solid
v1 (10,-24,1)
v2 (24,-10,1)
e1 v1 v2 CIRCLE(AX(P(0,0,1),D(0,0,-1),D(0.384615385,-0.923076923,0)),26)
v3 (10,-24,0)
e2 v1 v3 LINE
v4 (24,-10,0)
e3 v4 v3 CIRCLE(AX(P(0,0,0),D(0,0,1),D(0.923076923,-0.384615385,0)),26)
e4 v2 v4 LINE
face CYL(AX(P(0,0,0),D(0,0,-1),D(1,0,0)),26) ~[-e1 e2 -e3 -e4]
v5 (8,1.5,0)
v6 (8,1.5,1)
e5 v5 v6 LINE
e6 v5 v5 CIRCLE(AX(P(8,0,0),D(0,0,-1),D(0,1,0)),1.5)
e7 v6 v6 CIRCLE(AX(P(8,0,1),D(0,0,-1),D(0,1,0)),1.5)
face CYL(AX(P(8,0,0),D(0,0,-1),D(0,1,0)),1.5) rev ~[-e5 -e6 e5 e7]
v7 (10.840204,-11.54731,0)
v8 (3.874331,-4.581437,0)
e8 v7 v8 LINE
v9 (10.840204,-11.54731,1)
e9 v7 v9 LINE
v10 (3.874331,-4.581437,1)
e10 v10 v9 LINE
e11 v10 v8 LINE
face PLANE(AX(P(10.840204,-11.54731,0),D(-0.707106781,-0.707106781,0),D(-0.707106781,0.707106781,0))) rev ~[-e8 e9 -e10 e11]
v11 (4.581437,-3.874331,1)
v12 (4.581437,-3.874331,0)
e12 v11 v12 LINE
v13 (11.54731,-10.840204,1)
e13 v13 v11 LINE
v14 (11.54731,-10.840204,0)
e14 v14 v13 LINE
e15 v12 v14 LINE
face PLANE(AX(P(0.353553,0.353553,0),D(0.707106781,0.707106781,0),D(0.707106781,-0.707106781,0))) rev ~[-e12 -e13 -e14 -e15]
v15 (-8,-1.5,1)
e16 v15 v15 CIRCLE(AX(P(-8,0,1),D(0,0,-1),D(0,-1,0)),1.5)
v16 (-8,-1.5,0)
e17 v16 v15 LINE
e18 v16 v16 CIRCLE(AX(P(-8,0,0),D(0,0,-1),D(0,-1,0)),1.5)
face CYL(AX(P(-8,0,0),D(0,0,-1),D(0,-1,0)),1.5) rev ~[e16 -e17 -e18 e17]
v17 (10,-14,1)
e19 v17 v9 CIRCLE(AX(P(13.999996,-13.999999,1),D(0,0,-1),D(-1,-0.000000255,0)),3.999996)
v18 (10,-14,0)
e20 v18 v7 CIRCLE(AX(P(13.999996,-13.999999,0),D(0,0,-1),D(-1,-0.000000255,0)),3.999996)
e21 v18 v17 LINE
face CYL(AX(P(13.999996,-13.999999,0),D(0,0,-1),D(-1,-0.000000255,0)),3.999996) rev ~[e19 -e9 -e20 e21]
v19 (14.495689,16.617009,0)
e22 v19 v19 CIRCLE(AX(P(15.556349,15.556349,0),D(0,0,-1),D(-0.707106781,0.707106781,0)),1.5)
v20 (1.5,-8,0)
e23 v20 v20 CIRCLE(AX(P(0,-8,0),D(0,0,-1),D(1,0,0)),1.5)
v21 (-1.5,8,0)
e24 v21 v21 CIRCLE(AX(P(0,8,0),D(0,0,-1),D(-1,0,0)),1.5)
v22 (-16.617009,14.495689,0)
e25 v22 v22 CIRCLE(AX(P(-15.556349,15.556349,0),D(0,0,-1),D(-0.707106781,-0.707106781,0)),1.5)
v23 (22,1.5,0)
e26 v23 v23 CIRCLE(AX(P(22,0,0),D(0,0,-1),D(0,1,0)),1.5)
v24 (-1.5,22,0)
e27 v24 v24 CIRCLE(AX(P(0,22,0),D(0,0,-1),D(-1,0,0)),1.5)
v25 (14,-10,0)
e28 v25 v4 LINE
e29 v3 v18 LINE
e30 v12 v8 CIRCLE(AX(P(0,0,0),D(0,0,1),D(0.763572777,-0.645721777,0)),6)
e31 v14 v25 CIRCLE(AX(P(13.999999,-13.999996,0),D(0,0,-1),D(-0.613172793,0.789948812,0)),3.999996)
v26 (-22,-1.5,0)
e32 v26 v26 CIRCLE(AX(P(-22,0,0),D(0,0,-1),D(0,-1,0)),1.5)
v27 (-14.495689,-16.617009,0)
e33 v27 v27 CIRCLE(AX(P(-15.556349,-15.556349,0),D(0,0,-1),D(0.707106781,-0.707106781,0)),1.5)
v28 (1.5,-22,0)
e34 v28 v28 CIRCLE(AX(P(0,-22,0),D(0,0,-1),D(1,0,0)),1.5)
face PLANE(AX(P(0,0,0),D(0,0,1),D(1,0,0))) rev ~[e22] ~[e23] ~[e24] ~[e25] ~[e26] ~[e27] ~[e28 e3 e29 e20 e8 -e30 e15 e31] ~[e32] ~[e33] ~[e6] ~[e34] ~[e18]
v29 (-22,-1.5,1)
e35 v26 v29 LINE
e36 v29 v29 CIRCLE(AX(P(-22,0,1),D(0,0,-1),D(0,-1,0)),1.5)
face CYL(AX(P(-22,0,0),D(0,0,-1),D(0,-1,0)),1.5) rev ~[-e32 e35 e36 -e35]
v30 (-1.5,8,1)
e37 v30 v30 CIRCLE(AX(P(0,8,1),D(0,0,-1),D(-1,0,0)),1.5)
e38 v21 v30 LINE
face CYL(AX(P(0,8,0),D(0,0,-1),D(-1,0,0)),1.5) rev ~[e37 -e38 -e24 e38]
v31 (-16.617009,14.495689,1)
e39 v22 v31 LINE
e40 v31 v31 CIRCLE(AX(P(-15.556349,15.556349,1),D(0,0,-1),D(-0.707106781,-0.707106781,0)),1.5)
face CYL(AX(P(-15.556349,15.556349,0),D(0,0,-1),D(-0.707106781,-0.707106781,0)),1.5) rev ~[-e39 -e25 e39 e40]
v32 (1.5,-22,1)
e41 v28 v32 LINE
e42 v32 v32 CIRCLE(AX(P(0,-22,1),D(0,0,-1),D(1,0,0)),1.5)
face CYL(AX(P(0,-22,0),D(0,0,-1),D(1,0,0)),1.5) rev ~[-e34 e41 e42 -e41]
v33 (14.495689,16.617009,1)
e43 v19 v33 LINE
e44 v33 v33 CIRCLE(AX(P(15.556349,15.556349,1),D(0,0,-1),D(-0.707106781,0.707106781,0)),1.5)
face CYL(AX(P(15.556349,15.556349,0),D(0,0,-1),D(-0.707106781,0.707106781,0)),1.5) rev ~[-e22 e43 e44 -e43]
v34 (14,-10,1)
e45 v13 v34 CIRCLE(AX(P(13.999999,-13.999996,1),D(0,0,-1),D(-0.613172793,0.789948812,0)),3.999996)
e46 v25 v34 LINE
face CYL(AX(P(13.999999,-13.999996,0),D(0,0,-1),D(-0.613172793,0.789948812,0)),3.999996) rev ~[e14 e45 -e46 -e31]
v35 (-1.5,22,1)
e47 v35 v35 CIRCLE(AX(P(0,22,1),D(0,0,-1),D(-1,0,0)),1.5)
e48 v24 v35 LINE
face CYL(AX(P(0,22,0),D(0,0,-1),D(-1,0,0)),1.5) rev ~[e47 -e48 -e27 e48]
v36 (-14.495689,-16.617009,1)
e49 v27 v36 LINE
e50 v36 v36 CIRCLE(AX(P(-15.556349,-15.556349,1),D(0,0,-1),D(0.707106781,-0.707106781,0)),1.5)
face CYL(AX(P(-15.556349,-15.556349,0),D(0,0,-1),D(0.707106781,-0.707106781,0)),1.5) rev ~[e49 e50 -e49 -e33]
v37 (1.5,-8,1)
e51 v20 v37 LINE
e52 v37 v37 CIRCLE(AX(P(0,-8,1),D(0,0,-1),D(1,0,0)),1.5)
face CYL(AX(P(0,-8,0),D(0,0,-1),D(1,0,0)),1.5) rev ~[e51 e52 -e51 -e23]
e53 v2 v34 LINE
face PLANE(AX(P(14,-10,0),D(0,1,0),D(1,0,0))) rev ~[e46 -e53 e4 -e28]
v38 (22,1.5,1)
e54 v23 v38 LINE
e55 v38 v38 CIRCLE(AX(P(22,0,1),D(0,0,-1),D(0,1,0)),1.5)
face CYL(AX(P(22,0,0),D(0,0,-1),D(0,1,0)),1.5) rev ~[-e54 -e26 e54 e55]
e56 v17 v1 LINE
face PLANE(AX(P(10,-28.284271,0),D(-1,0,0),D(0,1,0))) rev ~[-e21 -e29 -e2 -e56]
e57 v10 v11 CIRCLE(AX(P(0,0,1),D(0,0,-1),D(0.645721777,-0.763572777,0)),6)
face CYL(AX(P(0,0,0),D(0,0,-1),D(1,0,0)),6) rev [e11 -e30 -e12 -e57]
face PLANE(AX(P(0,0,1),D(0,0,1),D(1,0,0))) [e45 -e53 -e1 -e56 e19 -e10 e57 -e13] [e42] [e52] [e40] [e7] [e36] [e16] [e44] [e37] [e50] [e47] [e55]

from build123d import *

# Parameters (mm, degrees)
SKETCH_R              = 26
SKETCH_R_2            = 6
PAD_DEPTH             = 1
SKETCH001_R           = 1.5
POCKET_DEPTH          = 148.092808
POLARPATTERN_COUNT    = 4
SKETCH002_R           = 1.5
POCKET001_DEPTH       = 148.092808
POLARPATTERN001_COUNT = 7
POLARPATTERN001_ANGLE = 270
POCKET002_DEPTH       = 1.001


with BuildPart() as part:
    # Sketch → Pad (new body)
    with BuildSketch(Plane.XY):
        Circle(SKETCH_R)
        Circle(SKETCH_R_2, mode=Mode.SUBTRACT)
    extrude(amount=PAD_DEPTH)

    # Sketch001 (on Face3 of Pad) → Pocket (cut, through all)
    with BuildSketch(Plane(origin=(0, 0, 0), x_dir=(1, 0, 0), z_dir=(0, 0, -1))):
        with Locations((0, 8)):
            Circle(SKETCH001_R)
    pocket = extrude(amount=-POCKET_DEPTH, mode=Mode.SUBTRACT)

    # PolarPattern: Pocket ×4 about axis
    polarpattern_axis = Axis((0, 0, 0), (0, 0, -1))
    for i in range(1, POLARPATTERN_COUNT):
        add(pocket.rotate(polarpattern_axis, i * 360 / POLARPATTERN_COUNT), mode=Mode.SUBTRACT)

    # Sketch002 (on Face2 of PolarPattern) → Pocket001 (cut, through all)
    with BuildSketch(Plane(origin=(0, 0, 0), x_dir=(1, 0, 0), z_dir=(0, 0, -1))):
        with Locations((0, 22)):
            Circle(SKETCH002_R)
    pocket001 = extrude(amount=-POCKET001_DEPTH, mode=Mode.SUBTRACT)

    # PolarPattern001: Pocket001 ×7 about axis
    polarpattern001_axis = Axis((0, 0, 0), (0, 0, -1))
    for i in range(1, POLARPATTERN001_COUNT):
        add(pocket001.rotate(polarpattern001_axis, i * POLARPATTERN001_ANGLE / (POLARPATTERN001_COUNT - 1)), mode=Mode.SUBTRACT)

    # Sketch003 (on Face2 of PolarPattern001) → Pocket002 (cut, through all)
    with BuildSketch(Plane(origin=(0, 0, 0), x_dir=(1, 0, 0), z_dir=(0, 0, -1))):
        with BuildLine():
            Line((10, 28.284271), (10, 14))
            ThreePointArc((10, 14), (10.215876, 12.703695), (10.840204, 11.54731))
            Line((10.840204, 11.54731), (-0.353553, 0.353553))
            Line((-0.353553, 0.353553), (0.353553, -0.353553))
            Line((0.353553, -0.353553), (11.54731, 10.840204))
            ThreePointArc((11.54731, 10.840204), (12.703695, 10.215876), (14, 10))
            Line((14, 10), (28.284271, 10))
            ThreePointArc((28.284271, 10), (21.213203, 21.213203), (10, 28.284271))
        make_face()
    extrude(amount=-POCKET002_DEPTH, mode=Mode.SUBTRACT)


solid = part.part
